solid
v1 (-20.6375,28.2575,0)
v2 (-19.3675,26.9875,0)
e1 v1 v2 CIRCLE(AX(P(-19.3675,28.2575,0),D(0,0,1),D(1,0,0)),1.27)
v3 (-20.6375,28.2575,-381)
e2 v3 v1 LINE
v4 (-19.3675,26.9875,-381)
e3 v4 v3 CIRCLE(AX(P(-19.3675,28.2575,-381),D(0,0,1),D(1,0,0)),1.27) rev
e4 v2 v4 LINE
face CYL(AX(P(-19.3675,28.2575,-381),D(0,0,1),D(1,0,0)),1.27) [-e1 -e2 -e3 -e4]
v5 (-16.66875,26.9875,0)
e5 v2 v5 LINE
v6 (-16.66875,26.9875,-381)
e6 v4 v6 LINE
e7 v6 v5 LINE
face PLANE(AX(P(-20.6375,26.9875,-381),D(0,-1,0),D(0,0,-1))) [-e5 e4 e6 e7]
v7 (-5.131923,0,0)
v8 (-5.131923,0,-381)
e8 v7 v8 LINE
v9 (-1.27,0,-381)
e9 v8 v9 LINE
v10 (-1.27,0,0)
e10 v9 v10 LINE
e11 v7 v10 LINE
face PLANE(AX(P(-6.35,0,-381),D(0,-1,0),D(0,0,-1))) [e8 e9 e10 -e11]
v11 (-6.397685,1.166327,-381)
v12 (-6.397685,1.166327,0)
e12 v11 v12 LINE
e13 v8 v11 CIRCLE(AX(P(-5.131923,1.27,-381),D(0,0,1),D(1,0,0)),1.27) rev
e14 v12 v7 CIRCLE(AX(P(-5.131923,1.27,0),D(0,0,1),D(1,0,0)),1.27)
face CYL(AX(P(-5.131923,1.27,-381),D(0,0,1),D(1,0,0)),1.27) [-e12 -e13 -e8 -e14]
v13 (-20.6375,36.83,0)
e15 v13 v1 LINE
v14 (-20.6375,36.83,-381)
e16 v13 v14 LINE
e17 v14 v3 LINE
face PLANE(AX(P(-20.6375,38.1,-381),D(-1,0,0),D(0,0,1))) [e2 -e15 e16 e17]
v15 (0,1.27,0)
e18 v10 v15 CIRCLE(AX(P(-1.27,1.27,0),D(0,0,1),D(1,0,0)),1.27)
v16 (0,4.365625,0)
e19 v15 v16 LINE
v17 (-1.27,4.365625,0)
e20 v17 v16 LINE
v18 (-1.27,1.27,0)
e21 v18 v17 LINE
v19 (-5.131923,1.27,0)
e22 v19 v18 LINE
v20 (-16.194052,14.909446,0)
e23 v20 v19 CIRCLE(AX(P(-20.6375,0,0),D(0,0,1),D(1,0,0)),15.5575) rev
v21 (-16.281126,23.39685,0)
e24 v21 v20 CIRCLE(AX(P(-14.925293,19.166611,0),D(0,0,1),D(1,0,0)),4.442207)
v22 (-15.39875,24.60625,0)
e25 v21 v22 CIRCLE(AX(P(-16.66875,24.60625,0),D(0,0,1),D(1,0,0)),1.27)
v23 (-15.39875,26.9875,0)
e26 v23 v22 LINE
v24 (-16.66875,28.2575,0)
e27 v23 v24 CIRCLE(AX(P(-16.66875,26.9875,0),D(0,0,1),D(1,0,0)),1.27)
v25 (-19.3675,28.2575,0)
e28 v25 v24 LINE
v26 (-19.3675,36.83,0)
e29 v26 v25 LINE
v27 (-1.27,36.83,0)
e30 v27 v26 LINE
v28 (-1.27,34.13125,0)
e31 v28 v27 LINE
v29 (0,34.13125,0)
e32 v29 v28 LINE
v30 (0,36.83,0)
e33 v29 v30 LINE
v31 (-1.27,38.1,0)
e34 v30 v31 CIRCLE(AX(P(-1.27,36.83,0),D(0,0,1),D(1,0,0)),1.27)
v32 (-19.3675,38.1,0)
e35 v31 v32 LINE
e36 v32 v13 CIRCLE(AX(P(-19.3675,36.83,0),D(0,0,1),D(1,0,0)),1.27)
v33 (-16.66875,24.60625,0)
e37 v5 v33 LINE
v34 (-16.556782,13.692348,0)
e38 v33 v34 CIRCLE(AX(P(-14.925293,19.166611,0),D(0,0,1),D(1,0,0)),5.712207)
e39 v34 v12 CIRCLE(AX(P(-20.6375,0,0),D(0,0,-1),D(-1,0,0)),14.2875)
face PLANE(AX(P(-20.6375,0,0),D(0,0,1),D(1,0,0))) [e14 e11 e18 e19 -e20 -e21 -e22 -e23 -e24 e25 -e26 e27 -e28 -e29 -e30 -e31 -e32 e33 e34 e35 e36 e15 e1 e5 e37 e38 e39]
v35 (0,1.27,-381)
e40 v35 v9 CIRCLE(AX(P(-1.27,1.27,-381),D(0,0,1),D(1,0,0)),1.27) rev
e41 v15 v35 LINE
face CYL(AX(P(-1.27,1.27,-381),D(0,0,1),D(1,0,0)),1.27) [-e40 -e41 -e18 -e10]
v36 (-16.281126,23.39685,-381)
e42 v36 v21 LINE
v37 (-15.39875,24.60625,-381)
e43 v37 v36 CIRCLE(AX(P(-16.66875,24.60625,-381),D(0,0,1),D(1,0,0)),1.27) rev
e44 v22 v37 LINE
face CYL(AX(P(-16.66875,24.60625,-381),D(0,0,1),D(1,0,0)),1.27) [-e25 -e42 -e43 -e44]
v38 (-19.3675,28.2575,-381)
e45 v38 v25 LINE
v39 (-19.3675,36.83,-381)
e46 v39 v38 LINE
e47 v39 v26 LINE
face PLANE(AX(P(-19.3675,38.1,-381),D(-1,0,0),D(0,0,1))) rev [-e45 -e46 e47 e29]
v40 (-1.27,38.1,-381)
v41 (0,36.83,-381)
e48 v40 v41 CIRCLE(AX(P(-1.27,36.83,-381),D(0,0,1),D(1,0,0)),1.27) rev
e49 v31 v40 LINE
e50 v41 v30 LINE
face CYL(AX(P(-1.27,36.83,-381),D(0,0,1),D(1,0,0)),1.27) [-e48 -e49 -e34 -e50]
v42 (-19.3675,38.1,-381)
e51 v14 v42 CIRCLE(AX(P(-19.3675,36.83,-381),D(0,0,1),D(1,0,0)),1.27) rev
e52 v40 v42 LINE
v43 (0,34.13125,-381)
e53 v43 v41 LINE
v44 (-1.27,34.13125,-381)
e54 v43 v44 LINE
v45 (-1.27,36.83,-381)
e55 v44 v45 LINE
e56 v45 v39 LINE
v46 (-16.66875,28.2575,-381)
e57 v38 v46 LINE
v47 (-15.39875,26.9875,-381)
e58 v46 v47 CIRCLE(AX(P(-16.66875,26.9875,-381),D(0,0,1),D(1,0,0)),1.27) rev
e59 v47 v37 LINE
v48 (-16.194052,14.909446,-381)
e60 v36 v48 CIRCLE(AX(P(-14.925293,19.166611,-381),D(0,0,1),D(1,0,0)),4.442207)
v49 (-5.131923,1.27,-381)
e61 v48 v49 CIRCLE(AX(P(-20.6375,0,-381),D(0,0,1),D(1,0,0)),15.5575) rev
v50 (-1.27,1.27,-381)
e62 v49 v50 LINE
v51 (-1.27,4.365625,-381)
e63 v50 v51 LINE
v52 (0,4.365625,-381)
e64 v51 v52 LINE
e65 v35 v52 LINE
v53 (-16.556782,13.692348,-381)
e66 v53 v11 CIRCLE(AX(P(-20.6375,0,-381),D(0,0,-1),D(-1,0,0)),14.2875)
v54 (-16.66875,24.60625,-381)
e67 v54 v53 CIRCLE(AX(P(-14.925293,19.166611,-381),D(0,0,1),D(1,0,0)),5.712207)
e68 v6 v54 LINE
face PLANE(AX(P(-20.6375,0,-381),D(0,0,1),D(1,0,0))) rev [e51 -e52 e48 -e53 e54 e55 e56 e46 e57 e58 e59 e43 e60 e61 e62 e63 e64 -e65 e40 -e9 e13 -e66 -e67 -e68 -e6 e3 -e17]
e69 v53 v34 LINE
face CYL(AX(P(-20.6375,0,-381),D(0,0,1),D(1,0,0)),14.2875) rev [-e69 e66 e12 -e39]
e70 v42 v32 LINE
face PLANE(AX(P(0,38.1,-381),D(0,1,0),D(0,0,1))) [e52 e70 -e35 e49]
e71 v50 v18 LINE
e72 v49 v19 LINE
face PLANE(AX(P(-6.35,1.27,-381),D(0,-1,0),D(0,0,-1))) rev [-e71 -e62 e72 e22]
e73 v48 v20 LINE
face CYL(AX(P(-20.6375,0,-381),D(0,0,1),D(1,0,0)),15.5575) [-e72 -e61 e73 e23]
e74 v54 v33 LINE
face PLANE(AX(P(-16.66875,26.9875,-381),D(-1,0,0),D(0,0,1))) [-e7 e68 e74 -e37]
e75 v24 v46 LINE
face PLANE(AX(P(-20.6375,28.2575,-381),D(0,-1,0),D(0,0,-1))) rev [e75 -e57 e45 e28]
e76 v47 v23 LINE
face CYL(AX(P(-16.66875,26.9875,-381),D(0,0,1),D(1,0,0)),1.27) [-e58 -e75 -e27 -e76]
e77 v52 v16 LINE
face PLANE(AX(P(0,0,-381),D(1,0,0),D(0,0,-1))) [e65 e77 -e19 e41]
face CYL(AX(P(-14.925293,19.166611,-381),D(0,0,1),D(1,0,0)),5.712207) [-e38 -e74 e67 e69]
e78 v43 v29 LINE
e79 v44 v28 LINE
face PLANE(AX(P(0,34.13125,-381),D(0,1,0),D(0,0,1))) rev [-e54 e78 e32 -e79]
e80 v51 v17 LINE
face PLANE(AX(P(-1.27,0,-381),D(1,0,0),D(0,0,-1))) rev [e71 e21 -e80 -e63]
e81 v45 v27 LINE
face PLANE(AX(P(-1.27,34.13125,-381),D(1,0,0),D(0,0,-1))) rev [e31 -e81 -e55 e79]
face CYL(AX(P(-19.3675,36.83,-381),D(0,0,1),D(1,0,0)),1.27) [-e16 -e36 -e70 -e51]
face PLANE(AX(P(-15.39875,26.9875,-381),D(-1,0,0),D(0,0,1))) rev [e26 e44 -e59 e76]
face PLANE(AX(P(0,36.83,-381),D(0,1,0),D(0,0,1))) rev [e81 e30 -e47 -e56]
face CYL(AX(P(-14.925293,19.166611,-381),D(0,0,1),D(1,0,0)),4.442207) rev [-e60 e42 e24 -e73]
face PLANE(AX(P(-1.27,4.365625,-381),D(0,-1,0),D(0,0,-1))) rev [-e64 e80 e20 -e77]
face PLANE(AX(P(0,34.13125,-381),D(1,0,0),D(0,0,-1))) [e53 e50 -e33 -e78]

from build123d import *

# Parameters (mm, degrees)
EXTRUDE_THIN1_DEPTH = 381
FILLET1_R           = 1.27


with BuildPart() as part:
    # Sketch1 → Extrude-Thin1 (new body)
    with BuildSketch(Plane.XY):
        with BuildLine():
            Line((0, 34.13125), (0, 38.1))
            Line((0, 38.1), (-20.6375, 38.1))
            Line((-20.6375, 38.1), (-20.6375, 26.9875))
            Line((-20.6375, 26.9875), (-16.66875, 26.9875))
            Line((-16.66875, 26.9875), (-16.66875, 24.60625))
            ThreePointArc((-16.66875, 24.60625), (-20.637199415, 19.108011605), (-16.556782099, 13.692348143))
            ThreePointArc((-16.556782099, 13.692348143), (-9.182459335, 8.539010459), (-6.35, 0))
            Line((-6.35, 0), (0, 0))
            Line((0, 0), (0, 4.365625))
            Line((0, 4.365625), (-1.27, 4.365625))
            Line((-1.27, 4.365625), (-1.27, 1.27))
            Line((-1.27, 1.27), (-5.131923382, 1.27))
            ThreePointArc((-5.131923382, 1.27), (-8.5544739, 9.799810535), (-16.194051619, 14.909445755))
            ThreePointArc((-16.194051619, 14.909445755), (-19.348945082, 19.572203738), (-15.39875, 23.58351569))
            Line((-15.39875, 23.58351569), (-15.39875, 28.2575))
            Line((-15.39875, 28.2575), (-19.3675, 28.2575))
            Line((-19.3675, 28.2575), (-19.3675, 36.83))
            Line((-19.3675, 36.83), (-1.27, 36.83))
            Line((-1.27, 36.83), (-1.27, 34.13125))
            Line((-1.27, 34.13125), (0, 34.13125))
        make_face()
    extrude(amount=-EXTRUDE_THIN1_DEPTH)

    # Fillet1
    fillet1_edges = [part.edges().sort_by_distance(p)[0] for p in [
        (0, 0, -190.5),
        (-6.35, 0, -190.5),
        (-20.6375, 26.9875, -190.5),
        (-20.6375, 38.1, -190.5),
        (0, 38.1, -190.5),
        (-15.39875, 28.2575, -190.5),
        (-15.39875, 23.58351569, -190.5),
    ]]
    fillet(fillet1_edges, radius=FILLET1_R)


solid = part.part
